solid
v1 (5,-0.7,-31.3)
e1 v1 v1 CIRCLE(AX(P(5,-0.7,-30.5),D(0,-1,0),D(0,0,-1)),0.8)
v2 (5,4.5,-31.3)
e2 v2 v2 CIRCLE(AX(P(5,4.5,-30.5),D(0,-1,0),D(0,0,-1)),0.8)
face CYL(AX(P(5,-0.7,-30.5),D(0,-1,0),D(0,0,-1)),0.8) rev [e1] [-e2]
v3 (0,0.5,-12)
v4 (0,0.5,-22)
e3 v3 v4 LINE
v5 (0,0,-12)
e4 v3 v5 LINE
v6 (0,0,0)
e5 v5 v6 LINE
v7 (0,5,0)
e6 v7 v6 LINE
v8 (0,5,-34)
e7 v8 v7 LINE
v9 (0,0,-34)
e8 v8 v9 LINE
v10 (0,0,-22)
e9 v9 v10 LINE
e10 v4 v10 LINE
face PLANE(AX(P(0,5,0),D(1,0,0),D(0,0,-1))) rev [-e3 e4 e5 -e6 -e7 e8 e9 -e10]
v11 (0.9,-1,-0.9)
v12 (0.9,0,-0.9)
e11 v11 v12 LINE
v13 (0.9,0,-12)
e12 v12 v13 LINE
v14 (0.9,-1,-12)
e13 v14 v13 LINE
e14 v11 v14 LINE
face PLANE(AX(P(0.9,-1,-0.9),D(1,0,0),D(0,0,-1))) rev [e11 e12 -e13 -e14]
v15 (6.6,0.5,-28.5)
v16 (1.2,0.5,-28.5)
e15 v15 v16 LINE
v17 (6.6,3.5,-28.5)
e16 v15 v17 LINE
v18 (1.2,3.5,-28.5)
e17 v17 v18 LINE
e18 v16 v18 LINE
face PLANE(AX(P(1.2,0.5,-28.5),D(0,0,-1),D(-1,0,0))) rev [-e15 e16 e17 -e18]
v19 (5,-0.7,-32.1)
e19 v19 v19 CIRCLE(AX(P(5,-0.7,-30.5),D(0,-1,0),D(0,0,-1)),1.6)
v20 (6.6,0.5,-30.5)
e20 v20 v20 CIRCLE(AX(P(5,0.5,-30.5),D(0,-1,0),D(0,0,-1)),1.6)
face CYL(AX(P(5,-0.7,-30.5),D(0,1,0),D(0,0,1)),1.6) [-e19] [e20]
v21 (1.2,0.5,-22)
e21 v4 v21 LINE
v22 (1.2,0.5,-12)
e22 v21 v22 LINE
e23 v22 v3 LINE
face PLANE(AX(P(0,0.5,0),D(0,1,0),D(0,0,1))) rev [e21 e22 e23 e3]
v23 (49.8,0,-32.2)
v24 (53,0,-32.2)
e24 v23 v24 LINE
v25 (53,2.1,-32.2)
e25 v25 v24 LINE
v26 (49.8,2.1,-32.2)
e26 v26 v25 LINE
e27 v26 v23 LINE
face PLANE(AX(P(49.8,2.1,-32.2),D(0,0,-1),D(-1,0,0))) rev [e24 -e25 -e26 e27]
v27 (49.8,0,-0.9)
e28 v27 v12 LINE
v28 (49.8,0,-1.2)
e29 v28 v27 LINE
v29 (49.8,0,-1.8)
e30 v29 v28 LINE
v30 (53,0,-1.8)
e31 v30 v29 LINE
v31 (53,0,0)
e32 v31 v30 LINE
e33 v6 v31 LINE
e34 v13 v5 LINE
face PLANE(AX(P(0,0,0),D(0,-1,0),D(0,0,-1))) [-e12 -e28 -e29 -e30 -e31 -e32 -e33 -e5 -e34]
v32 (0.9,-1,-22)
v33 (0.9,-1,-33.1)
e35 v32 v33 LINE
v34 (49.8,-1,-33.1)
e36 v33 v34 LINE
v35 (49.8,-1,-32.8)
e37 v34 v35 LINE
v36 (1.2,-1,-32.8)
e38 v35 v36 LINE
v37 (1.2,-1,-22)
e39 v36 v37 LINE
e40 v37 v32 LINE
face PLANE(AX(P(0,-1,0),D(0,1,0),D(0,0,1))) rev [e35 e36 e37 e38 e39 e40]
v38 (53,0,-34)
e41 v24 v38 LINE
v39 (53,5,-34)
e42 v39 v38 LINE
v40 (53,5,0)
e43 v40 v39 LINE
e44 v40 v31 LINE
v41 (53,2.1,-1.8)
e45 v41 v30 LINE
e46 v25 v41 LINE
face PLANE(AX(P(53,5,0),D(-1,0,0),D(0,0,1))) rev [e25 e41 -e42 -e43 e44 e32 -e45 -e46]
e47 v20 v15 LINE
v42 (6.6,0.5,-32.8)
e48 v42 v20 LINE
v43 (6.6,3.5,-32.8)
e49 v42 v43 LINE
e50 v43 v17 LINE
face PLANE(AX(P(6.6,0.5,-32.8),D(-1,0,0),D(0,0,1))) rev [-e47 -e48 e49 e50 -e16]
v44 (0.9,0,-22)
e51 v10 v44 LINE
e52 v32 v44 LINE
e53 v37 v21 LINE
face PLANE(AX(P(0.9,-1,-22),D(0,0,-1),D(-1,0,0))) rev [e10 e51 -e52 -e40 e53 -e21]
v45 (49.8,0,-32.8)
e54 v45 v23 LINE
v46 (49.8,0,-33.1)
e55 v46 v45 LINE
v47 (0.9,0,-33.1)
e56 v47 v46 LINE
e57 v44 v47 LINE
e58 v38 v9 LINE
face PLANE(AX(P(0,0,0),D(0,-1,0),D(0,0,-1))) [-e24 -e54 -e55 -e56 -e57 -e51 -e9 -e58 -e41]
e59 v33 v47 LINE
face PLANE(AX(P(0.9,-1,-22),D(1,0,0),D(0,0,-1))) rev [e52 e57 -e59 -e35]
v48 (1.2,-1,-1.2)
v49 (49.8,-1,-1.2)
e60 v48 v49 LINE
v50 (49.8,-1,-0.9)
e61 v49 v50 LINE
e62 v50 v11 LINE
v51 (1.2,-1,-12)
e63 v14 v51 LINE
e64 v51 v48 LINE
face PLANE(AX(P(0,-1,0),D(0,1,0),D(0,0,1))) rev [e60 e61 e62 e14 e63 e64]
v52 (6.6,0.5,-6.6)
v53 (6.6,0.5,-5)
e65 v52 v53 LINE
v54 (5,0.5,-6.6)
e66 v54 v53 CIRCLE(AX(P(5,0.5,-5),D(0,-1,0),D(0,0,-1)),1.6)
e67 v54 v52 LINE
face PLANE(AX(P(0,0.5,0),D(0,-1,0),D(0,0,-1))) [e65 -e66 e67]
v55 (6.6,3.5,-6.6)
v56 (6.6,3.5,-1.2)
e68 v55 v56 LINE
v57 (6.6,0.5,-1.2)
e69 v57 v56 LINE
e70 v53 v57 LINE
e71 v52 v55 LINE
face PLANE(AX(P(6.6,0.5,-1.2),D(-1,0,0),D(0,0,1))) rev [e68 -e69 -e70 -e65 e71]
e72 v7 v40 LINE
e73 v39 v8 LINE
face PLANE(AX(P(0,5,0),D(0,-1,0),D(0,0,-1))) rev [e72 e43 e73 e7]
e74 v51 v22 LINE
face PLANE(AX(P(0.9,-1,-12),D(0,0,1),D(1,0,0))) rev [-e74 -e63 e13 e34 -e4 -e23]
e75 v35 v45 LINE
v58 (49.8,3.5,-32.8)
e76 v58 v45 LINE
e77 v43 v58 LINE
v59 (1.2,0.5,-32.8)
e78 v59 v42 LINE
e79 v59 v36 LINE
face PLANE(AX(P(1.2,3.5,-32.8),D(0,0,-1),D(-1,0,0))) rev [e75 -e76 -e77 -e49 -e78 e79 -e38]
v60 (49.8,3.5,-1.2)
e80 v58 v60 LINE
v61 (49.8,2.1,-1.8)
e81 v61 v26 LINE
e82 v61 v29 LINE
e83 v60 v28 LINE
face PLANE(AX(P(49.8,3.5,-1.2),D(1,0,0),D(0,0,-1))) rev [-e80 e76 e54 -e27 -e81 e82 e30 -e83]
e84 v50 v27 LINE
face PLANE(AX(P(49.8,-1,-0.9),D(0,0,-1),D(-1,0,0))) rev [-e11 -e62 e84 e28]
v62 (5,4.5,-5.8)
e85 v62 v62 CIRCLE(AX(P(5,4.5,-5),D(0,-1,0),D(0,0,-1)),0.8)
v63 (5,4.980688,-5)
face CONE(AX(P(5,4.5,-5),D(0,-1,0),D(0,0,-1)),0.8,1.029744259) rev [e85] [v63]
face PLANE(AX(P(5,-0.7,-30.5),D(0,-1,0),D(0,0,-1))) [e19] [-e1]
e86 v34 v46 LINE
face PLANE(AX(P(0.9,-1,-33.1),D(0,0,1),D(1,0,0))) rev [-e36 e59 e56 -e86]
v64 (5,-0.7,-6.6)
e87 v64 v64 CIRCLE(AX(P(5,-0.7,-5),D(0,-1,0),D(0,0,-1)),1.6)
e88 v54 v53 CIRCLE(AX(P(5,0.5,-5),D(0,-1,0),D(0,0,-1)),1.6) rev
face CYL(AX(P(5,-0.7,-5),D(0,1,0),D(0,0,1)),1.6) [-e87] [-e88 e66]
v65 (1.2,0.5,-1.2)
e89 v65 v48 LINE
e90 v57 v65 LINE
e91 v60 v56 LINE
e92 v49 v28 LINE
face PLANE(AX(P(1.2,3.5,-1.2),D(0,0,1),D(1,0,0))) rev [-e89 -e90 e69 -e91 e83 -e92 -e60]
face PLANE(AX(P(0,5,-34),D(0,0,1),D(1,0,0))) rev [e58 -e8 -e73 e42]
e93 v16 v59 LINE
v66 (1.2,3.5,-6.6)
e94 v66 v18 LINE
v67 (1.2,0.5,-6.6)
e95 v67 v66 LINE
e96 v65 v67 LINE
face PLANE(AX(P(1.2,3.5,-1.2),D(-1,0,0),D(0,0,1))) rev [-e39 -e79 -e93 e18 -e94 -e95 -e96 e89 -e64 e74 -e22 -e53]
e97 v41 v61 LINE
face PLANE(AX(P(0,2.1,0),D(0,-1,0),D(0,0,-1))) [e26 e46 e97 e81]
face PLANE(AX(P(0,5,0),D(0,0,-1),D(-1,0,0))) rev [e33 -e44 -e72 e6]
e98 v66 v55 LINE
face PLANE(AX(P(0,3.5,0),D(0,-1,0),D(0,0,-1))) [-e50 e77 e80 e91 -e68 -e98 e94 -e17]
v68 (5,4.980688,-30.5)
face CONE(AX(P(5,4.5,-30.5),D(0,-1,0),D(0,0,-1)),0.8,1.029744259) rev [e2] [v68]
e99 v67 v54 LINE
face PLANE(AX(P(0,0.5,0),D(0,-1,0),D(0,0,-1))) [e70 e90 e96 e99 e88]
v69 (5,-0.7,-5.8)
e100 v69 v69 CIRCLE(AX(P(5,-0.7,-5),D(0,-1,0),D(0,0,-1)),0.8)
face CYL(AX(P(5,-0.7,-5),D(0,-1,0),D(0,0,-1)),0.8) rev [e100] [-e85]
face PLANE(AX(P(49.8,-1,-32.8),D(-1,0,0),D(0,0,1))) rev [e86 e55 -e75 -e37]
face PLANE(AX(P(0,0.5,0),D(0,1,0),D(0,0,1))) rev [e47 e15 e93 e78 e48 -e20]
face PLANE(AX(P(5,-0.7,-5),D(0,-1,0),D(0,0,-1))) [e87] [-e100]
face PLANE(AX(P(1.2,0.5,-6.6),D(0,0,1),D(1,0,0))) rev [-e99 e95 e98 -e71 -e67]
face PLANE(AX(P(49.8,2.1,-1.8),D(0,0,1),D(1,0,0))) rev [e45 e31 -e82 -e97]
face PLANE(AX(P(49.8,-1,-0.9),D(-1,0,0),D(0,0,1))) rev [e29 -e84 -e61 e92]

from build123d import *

# Parameters (mm, degrees)
SKETCH1_W             = 53
SKETCH1_H             = 34
BOSS_EXTRUDE1_DEPTH   = 5
SKETCH2_W             = 48.6
SKETCH2_H             = 31.6
CUT_EXTRUDE1_DEPTH    = 3.5
BOSS_EXTRUDE2_DEPTH   = 1
SKETCH4_W             = 1.2
SKETCH4_H             = 10
CUT_EXTRUDE2_DEPTH    = 0.5
SKETCH5_W             = 3.2
SKETCH5_H             = 30.4
CUT_EXTRUDE3_DEPTH    = 2.1
SKETCH6_W             = 5.4
SKETCH6_H             = 5.4
SKETCH6_H_2           = 4.3
BOSS_EXTRUDE3_DEPTH   = 3
SKETCH7_R             = 1.6
BOSS_EXTRUDE4_DEPTH   = 1.2
M2_TAPPED_HOLE1_D     = 1.6
M2_TAPPED_HOLE1_DEPTH = 5.2
M2_TAPPED_HOLE1_TIP   = 0.480688495


with BuildPart() as part:
    # Sketch1 → Boss-Extrude1 (new body)
    with BuildSketch(Plane(origin=(0, 0, 0), x_dir=(1, 0, 0), z_dir=(0, 1, 0))):
        with Locations((26.5, 17)):
            Rectangle(SKETCH1_W, SKETCH1_H)
    extrude(amount=BOSS_EXTRUDE1_DEPTH)

    # Sketch2 → Cut-Extrude1 (cut)
    with BuildSketch(Plane.XZ):
        with Locations((25.5, -17)):
            Rectangle(SKETCH2_W, SKETCH2_H)
    extrude(amount=-CUT_EXTRUDE1_DEPTH, mode=Mode.SUBTRACT)

    # Sketch3 → Boss-Extrude2 (add)
    with BuildSketch(Plane.XZ):
        Polygon((49.8, -1.2), (1.2, -1.2), (1.2, -12), (0.9, -12), (0.9, -0.9), (49.8, -0.9), align=None)
        Polygon((1.2, -22), (1.2, -32.8), (49.8, -32.8), (49.8, -33.1), (0.9, -33.1), (0.9, -22), align=None)
    extrude(amount=BOSS_EXTRUDE2_DEPTH)

    # Sketch4 → Cut-Extrude2 (cut)
    with BuildSketch(Plane.XZ):
        with Locations((0.6, -17)):
            Rectangle(SKETCH4_W, SKETCH4_H)
    extrude(amount=-CUT_EXTRUDE2_DEPTH, mode=Mode.SUBTRACT)

    # Sketch5 → Cut-Extrude3 (cut)
    with BuildSketch(Plane.XZ):
        with Locations((51.4, -17)):
            Rectangle(SKETCH5_W, SKETCH5_H)
    extrude(amount=-CUT_EXTRUDE3_DEPTH, mode=Mode.SUBTRACT)

    # Sketch6 → Boss-Extrude3 (add)
    with BuildSketch(Plane.XZ.offset(-3.5)):
        with Locations((3.9, -3.9)):
            Rectangle(SKETCH6_W, SKETCH6_H)
        with Locations((3.9, -30.65)):
            Rectangle(SKETCH6_W, SKETCH6_H_2)
    extrude(amount=BOSS_EXTRUDE3_DEPTH)

    # Sketch7 → Boss-Extrude4 (add)
    with BuildSketch(Plane.XZ.offset(-0.5)):
        with Locations(Location((5, -5, 0), (0, 0, 270))):
            Circle(SKETCH7_R)
        with Locations((5, -30.5)):
            Circle(SKETCH7_R)
    extrude(amount=BOSS_EXTRUDE4_DEPTH)

    # M2 Tapped Hole1
    with Locations(Plane(origin=(5, -0.7, -5), x_dir=(0, 0, -1), z_dir=(0, -1, 0))):
        with Locations((0, 0), (25.5, 0)):
            Hole(M2_TAPPED_HOLE1_D / 2, depth=M2_TAPPED_HOLE1_DEPTH)
            with Locations((0, 0, -(M2_TAPPED_HOLE1_DEPTH + M2_TAPPED_HOLE1_TIP / 2))):  # 118° drill point
                Cone(0, M2_TAPPED_HOLE1_D / 2, M2_TAPPED_HOLE1_TIP, mode=Mode.SUBTRACT)


solid = part.part
